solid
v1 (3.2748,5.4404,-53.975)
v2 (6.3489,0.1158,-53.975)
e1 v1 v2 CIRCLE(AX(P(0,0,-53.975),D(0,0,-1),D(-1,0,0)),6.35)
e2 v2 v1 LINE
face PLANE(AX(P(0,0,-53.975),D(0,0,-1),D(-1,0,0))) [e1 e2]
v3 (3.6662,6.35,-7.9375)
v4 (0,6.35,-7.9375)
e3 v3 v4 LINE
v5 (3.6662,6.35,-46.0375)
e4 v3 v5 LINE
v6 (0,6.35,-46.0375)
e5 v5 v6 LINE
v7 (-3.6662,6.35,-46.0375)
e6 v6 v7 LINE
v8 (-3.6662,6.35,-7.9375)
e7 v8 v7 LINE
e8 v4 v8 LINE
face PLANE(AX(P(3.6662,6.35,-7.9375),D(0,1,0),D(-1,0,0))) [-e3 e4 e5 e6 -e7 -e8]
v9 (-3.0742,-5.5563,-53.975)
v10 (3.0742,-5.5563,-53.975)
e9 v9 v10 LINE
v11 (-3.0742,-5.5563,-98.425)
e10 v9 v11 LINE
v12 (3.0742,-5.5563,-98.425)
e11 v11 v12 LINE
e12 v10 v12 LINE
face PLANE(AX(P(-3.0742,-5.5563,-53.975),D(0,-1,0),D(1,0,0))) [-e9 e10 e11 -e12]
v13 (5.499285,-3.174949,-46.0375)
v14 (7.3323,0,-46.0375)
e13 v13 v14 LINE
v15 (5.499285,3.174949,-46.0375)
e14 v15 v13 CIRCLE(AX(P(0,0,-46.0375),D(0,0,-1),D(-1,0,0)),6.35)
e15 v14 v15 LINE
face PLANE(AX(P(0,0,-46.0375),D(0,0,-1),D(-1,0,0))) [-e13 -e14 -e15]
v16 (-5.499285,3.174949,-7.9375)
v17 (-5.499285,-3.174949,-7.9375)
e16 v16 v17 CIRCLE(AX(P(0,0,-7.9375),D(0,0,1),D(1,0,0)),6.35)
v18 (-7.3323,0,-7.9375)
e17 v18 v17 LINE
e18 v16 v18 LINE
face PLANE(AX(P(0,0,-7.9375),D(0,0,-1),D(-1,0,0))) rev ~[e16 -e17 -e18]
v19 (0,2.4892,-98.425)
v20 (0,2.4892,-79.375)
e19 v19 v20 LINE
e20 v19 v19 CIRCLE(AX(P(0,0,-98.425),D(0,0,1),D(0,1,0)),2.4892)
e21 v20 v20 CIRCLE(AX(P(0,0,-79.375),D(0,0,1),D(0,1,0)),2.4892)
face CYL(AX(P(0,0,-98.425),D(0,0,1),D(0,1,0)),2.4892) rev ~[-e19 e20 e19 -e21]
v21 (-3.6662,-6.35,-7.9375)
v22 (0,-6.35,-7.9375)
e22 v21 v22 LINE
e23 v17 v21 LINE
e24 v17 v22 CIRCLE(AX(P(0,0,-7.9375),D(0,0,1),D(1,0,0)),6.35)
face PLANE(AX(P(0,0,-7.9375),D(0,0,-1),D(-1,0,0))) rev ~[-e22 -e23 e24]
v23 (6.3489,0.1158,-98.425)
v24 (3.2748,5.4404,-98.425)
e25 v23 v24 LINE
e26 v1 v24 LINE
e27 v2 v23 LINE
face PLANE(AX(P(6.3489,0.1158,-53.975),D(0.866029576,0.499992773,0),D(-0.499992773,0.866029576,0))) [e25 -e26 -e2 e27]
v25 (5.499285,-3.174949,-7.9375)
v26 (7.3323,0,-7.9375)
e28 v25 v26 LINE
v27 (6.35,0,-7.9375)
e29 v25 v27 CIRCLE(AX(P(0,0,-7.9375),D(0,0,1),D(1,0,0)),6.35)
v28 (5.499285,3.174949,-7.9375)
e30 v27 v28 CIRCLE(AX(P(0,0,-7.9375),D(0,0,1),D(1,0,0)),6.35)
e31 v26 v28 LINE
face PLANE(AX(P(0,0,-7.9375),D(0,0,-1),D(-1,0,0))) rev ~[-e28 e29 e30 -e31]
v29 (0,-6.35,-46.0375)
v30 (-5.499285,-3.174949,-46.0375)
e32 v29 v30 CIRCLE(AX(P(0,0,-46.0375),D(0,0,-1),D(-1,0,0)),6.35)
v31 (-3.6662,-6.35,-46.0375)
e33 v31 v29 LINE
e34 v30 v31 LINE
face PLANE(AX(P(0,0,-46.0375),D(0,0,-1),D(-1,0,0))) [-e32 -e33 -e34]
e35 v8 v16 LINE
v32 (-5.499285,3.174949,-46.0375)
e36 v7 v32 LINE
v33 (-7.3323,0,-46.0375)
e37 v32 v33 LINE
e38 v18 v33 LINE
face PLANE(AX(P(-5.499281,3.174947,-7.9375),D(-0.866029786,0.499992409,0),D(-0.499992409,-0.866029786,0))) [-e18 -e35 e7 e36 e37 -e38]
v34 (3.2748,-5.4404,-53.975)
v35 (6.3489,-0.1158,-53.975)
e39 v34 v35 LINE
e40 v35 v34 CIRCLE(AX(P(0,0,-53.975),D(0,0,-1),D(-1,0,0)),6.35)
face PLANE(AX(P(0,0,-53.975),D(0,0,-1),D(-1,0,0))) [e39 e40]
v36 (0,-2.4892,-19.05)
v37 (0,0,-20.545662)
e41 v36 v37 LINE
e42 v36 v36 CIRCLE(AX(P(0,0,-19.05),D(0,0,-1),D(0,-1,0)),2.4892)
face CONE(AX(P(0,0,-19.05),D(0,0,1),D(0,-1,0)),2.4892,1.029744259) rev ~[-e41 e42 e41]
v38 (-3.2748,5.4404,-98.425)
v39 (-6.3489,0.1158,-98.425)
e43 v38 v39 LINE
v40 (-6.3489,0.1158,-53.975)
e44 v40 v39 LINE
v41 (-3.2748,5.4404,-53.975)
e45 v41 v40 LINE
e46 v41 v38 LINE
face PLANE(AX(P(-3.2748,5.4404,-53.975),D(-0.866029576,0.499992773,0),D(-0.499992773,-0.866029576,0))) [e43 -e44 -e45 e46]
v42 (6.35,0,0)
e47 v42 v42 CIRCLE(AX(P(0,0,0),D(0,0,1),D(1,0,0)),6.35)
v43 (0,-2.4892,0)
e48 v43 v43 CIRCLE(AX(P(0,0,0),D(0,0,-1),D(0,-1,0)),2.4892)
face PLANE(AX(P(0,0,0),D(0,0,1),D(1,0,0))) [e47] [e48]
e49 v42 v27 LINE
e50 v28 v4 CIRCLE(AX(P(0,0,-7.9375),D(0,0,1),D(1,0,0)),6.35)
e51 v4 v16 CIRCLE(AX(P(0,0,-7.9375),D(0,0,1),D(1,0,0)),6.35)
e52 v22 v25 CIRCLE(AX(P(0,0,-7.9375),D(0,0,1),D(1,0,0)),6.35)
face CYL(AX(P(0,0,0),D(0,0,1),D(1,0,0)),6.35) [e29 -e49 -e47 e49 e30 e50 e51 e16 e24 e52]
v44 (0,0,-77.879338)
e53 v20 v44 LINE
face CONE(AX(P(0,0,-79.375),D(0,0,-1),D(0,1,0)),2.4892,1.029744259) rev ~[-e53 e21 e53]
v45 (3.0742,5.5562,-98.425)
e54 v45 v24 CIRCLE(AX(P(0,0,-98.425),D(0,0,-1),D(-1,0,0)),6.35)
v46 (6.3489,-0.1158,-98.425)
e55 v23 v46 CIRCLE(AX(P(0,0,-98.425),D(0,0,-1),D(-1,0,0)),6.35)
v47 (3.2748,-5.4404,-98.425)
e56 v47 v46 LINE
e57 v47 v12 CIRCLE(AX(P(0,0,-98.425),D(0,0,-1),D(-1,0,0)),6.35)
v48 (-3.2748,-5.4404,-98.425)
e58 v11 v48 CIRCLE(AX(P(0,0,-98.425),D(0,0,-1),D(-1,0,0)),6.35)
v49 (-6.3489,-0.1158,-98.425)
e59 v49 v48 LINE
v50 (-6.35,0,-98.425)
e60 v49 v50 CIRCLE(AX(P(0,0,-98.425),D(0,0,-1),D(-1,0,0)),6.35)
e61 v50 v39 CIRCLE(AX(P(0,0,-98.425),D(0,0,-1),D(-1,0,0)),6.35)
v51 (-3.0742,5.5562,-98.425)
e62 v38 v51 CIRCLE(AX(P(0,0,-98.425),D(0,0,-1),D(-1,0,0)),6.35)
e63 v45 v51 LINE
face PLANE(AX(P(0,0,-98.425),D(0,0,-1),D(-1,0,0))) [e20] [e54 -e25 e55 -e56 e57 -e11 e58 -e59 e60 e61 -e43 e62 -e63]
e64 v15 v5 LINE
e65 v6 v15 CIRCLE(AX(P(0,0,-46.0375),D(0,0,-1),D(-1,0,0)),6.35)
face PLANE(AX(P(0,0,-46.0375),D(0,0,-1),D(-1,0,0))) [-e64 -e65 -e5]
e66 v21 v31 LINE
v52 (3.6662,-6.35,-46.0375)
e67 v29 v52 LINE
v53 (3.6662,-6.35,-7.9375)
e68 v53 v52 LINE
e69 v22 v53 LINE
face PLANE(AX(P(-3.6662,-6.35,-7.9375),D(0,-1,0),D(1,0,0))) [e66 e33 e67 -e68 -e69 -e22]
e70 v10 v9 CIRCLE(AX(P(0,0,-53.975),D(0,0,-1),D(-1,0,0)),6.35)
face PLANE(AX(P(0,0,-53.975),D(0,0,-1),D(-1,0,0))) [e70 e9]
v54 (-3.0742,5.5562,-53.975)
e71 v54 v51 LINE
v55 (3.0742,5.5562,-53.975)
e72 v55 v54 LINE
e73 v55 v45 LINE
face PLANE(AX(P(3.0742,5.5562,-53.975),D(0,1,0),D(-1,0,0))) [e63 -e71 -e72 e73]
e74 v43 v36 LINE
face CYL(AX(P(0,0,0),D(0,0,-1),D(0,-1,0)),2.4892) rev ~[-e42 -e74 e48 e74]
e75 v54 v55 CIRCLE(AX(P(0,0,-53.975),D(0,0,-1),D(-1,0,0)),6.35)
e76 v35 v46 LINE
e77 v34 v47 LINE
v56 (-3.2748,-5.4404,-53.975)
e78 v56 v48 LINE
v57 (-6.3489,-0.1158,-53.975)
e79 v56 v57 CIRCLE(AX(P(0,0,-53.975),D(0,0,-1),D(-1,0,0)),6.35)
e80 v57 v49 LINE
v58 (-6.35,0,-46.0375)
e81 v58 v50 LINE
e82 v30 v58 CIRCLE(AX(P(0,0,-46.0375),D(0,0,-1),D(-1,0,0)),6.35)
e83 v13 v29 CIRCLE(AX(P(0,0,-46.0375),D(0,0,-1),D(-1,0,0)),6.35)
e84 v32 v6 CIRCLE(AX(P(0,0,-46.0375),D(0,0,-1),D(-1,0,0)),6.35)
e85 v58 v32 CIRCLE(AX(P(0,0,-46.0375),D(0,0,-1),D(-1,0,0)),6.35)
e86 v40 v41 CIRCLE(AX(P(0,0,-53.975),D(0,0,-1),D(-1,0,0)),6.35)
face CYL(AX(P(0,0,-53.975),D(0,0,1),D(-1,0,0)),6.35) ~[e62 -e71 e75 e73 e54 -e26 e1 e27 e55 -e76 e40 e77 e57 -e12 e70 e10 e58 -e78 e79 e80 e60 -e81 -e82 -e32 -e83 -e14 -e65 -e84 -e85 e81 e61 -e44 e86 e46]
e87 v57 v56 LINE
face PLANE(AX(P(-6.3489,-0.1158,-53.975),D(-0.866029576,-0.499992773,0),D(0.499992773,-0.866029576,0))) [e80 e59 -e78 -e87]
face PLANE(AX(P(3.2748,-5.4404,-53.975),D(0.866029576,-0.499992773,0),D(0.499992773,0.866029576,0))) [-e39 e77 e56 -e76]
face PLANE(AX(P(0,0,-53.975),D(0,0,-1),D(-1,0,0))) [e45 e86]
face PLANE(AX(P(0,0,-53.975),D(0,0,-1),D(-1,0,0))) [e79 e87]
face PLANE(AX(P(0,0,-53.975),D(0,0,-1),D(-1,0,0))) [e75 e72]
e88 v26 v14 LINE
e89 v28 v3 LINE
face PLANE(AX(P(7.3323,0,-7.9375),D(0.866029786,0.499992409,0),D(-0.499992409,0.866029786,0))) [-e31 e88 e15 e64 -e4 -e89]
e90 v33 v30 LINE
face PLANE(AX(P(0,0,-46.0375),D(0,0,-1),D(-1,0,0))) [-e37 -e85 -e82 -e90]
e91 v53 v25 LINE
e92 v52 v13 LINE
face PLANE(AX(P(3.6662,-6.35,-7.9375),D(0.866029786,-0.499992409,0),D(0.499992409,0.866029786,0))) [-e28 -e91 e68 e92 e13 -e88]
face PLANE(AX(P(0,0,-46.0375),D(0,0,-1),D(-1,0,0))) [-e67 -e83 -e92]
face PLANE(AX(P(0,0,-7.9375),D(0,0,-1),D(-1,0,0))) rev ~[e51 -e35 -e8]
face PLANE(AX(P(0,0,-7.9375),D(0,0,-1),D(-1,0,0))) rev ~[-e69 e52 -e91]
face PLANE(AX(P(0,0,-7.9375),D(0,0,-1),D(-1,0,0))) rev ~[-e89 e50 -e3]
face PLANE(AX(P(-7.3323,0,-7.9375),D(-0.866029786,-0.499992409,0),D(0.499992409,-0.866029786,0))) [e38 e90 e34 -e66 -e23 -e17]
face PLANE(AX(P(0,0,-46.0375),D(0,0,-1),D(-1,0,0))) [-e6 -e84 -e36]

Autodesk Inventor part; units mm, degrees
ref_plane "YZ Plane" through (0, 0, 0) normal (1, 0, 0) x (0, 1, 0)
ref_plane "XZ Plane" through (0, 0, 0) normal (0, 1, 0) x (-1, 0, 0)
ref_plane "XY Plane" through (0, 0, 0) normal (0, 0, 1) x (1, 0, 0)
sketch "Sketch1" plane through (0, 0, 0) normal (0, 0, 1) x (1, 0, 0)
  circle A0 centre (0, 0) radius 6.35
  dimension "d0" = 12.7
extrude "Internal 1/2\" Round" add sketch "Sketch1" against normal blind 7.9375
sketch "Sketch2" plane through (0, 0, -7.9375) normal (0, 0, -1) x (-1, 0, 0)
  circle A0 centre (0, 0) radius 6.35 projected
  line L0 (3.6662, 6.35) -> (7.3323, 0)
  line L1 (7.3323, 0) -> (3.6662, -6.35)
  line L2 (3.6662, -6.35) -> (-3.6662, -6.35)
  line L3 (-3.6662, -6.35) -> (-7.3323, 0)
  line L4 (-7.3323, 0) -> (-3.6662, 6.35)
  line L5 (-3.6662, 6.35) -> (3.6662, 6.35)
extrude "Pulley 1/2\" Hex" add sketch "Sketch2" along normal blind 38.1
sketch "Sketch3" plane through (0, 0, -46.0375) normal (0, 0, -1) x (-1, 0, 0)
  circle A0 centre (0, 0) radius 6.35
extrude "External 1/2\" Round" add sketch "Sketch3" along normal blind 7.9375
sketch "Sketch4" plane through (0, 0, -53.975) normal (0, 0, -1) x (-1, 0, 0)
  circle A0 centre (0, 0) radius 6.35 projected
  line L0 (3.2748, 5.4404) -> (6.3489, 0.1158)
  line L1 (6.3489, -0.1158) -> (3.2748, -5.4404)
  line L2 (3.0742, -5.5563) -> (-3.0742, -5.5563)
  line L3 (-3.2748, -5.4404) -> (-6.3489, -0.1158)
  line L4 (-6.3489, 0.1158) -> (-3.2748, 5.4404)
  line L5 (-3.0742, 5.5562) -> (3.0742, 5.5562)
  dimension "d7" = 11.1125
extrude "Wheel 7/16\" Hex" add sketch "Sketch4" along normal blind 44.45 contours A0 L1 L2 L3 L4 L5 L0
sketch "Sketch6" plane through (0, 0, -98.425) normal (0, 0, -1) x (-1, 0, 0)
  arc A0 (6.3489, -0.1158) -> (6.3489, 0.1158) centre (0, 0) ccw projected
sketch "Sketch5" plane through (0, 0, 0) normal (0, 0, 1) x (1, 0, 0)
  circle A0 centre (0, 0) radius 6.35 projected
hole "Internal 1/4\"-20 Tap" at (0, 0, 0) direction (0, 0, -1) diameter 4.9784 depth 19.05 tip angle 118 thread size "1/4-20 UNC" class "2B" standard "ANSI Unified Screw Threads"
hole "External 1/4\"-20 Tap" at (0, 0, -98.425) direction (0, 0, 1) diameter 4.9784 depth 19.05 tip angle 118 thread size "1/4-20 UNC" class "2B" standard "ANSI Unified Screw Threads"
properties part number "Live Axle" material "Aluminum 7075"
